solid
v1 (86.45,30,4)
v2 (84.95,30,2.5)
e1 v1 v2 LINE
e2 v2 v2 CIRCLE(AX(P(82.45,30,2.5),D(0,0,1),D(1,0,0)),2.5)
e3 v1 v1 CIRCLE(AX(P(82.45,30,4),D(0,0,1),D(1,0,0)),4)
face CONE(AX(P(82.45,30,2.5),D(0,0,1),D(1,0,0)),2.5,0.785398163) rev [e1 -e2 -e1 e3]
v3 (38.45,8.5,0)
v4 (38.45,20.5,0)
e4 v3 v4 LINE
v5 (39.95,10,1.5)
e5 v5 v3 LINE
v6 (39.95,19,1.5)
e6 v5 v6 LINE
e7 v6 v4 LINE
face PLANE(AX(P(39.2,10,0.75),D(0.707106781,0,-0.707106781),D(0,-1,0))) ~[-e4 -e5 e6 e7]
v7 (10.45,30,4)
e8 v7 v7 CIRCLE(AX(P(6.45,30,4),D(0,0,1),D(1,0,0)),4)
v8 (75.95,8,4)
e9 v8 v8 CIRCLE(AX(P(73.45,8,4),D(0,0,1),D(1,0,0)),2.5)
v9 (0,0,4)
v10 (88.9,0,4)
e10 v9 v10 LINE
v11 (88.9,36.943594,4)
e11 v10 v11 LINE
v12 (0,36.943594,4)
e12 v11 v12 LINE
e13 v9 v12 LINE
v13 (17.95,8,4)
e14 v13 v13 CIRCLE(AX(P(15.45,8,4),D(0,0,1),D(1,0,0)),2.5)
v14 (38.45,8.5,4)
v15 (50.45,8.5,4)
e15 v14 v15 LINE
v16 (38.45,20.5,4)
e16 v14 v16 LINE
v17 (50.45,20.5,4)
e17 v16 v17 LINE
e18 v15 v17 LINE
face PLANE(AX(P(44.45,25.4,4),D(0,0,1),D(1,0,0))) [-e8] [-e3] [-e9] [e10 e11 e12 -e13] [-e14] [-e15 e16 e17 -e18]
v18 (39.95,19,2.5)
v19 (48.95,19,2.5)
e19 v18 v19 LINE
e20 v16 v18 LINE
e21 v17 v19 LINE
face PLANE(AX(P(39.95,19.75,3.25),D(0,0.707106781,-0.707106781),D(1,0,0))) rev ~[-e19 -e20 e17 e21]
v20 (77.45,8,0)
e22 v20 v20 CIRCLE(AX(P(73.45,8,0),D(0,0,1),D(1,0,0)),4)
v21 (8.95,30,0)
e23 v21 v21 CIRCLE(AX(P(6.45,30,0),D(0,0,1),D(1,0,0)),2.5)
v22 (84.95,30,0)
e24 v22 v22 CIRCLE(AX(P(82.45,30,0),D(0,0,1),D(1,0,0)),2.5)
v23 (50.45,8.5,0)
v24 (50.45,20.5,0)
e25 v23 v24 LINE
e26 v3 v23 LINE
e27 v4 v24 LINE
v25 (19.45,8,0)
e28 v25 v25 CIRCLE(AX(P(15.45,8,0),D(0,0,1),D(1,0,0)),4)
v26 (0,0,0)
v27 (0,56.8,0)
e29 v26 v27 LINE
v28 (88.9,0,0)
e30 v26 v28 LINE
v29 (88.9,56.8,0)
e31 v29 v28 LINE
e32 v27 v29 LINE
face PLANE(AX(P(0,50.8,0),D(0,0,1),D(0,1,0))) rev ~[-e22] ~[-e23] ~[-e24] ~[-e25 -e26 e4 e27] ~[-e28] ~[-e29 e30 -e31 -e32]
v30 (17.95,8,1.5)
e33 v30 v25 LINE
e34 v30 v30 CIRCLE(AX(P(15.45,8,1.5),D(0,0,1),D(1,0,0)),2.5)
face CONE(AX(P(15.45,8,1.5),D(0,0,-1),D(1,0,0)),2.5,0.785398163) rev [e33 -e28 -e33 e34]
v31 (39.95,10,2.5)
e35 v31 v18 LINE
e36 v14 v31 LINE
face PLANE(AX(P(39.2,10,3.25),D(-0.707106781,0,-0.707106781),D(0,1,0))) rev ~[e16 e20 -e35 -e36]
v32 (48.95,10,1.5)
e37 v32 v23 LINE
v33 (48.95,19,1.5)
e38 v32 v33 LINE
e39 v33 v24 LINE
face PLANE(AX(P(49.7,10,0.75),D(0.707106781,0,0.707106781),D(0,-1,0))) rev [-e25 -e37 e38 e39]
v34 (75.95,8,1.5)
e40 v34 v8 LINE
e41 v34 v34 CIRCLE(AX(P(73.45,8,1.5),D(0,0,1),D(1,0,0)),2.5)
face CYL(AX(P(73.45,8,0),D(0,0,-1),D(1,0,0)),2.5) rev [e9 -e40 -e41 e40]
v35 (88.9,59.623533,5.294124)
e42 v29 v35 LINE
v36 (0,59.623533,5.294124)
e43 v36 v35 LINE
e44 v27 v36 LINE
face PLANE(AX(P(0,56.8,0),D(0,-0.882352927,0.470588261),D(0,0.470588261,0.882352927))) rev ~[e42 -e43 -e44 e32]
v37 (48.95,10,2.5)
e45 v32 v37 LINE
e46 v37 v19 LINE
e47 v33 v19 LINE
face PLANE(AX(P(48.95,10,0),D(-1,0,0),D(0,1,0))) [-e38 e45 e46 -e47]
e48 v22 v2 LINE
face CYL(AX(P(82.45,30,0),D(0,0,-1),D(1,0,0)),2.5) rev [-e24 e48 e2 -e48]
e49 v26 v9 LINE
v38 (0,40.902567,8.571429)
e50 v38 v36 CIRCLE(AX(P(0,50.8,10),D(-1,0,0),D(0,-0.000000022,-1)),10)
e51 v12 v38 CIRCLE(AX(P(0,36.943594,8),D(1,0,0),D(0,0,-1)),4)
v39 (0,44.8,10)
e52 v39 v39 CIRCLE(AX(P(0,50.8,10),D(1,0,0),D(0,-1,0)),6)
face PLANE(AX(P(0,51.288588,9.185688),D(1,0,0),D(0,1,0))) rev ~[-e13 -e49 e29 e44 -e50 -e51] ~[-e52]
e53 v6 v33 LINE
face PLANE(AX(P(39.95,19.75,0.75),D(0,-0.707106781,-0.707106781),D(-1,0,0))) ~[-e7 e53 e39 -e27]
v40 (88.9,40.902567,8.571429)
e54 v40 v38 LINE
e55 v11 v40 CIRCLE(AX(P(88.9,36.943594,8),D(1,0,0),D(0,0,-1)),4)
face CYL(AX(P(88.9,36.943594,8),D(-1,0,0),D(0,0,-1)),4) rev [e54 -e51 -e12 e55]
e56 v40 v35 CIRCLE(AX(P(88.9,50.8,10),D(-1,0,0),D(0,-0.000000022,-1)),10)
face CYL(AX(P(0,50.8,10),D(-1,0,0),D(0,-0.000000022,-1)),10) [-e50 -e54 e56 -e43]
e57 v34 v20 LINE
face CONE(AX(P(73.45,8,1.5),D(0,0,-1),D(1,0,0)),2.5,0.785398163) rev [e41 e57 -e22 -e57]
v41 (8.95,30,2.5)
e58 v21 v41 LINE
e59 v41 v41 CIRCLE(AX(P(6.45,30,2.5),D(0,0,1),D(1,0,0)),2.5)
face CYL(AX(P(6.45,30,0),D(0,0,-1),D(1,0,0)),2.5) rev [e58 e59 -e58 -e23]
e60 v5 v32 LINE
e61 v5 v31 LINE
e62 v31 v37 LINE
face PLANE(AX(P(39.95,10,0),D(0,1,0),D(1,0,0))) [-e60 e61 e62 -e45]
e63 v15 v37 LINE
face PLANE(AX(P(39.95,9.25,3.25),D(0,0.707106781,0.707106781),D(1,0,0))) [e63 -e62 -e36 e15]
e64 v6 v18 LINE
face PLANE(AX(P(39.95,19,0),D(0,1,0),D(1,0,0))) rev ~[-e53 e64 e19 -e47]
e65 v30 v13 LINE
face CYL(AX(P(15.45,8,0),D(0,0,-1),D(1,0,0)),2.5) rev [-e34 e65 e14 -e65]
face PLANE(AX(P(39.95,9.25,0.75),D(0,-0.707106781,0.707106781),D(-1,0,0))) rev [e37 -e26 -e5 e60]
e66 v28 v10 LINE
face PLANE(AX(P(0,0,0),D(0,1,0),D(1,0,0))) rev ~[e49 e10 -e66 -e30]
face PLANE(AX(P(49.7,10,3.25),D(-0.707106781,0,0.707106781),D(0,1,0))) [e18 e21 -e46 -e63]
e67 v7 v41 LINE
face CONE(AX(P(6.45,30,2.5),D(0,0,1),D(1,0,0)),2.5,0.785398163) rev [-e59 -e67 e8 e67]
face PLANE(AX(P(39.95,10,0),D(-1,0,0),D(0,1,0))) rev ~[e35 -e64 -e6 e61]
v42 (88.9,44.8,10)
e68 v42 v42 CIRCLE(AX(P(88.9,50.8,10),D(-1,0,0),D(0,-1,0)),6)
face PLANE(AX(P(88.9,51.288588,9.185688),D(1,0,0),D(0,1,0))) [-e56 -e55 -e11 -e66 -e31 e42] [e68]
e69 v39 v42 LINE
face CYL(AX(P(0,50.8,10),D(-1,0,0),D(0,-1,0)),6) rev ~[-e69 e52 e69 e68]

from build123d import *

# Parameters (mm, degrees)
SKETCH_W     = 88.9
SKETCH_H     = 50.8
SKETCH_R     = 2.5
SKETCH_W_2   = 9
SKETCH_H_2   = 9
PAD_DEPTH    = 4
SKETCH001_R  = 6
PAD001_DEPTH = 88.9
FILLET_R     = 4
CHAMFER_SIZE = 1.5


with BuildPart() as part:
    # Sketch → Pad (new body)
    with BuildSketch(Plane.XY):
        with Locations((44.45, 25.4)):
            Rectangle(SKETCH_W, SKETCH_H)
        with Locations((15.45, 8)):
            Circle(SKETCH_R, mode=Mode.SUBTRACT)
        with Locations((73.45, 8)):
            Circle(SKETCH_R, mode=Mode.SUBTRACT)
        with Locations((6.45, 30)):
            Circle(SKETCH_R, mode=Mode.SUBTRACT)
        with Locations((82.45, 30)):
            Circle(SKETCH_R, mode=Mode.SUBTRACT)
        with Locations((44.45, 14.5)):
            Rectangle(SKETCH_W_2, SKETCH_H_2, mode=Mode.SUBTRACT)
    extrude(amount=PAD_DEPTH)

    # Sketch001 (on Face4 of Pad) → Pad001 (join)
    with BuildSketch(Plane(origin=(0, 0, 0), x_dir=(0, -1, 0), z_dir=(-1, 0, 0))):
        with BuildLine():
            Line((-50.8, 0), (-56.8, 0))
            Line((-56.8, 0), (-59.623533, 5.294124))
            ThreePointArc((-50.8, 0), (-45.655039, 18.574927), (-59.623533, 5.294124))
        make_face()
        with Locations((-50.8, 10)):
            Circle(SKETCH001_R, mode=Mode.SUBTRACT)
    extrude(amount=-PAD001_DEPTH)

    # Fillet
    fillet_edges = [part.edges().sort_by_distance(p)[0] for p in [
        (44.45, 42.8, 4),
    ]]
    fillet(fillet_edges, radius=FILLET_R)

    # Chamfer
    chamfer_edges = [part.edges().sort_by_distance(p)[0] for p in [
        (79.95, 30, 4),
        (3.95, 30, 4),
        (70.95, 8, 0),
        (12.95, 8, 0),
        (44.45, 10, 0),
        (39.95, 14.5, 0),
        (44.45, 19, 0),
        (48.95, 14.5, 0),
        (39.95, 14.5, 4),
        (44.45, 19, 4),
        (48.95, 14.5, 4),
        (44.45, 10, 4),
    ]]
    chamfer(chamfer_edges, length=CHAMFER_SIZE)


solid = part.part
